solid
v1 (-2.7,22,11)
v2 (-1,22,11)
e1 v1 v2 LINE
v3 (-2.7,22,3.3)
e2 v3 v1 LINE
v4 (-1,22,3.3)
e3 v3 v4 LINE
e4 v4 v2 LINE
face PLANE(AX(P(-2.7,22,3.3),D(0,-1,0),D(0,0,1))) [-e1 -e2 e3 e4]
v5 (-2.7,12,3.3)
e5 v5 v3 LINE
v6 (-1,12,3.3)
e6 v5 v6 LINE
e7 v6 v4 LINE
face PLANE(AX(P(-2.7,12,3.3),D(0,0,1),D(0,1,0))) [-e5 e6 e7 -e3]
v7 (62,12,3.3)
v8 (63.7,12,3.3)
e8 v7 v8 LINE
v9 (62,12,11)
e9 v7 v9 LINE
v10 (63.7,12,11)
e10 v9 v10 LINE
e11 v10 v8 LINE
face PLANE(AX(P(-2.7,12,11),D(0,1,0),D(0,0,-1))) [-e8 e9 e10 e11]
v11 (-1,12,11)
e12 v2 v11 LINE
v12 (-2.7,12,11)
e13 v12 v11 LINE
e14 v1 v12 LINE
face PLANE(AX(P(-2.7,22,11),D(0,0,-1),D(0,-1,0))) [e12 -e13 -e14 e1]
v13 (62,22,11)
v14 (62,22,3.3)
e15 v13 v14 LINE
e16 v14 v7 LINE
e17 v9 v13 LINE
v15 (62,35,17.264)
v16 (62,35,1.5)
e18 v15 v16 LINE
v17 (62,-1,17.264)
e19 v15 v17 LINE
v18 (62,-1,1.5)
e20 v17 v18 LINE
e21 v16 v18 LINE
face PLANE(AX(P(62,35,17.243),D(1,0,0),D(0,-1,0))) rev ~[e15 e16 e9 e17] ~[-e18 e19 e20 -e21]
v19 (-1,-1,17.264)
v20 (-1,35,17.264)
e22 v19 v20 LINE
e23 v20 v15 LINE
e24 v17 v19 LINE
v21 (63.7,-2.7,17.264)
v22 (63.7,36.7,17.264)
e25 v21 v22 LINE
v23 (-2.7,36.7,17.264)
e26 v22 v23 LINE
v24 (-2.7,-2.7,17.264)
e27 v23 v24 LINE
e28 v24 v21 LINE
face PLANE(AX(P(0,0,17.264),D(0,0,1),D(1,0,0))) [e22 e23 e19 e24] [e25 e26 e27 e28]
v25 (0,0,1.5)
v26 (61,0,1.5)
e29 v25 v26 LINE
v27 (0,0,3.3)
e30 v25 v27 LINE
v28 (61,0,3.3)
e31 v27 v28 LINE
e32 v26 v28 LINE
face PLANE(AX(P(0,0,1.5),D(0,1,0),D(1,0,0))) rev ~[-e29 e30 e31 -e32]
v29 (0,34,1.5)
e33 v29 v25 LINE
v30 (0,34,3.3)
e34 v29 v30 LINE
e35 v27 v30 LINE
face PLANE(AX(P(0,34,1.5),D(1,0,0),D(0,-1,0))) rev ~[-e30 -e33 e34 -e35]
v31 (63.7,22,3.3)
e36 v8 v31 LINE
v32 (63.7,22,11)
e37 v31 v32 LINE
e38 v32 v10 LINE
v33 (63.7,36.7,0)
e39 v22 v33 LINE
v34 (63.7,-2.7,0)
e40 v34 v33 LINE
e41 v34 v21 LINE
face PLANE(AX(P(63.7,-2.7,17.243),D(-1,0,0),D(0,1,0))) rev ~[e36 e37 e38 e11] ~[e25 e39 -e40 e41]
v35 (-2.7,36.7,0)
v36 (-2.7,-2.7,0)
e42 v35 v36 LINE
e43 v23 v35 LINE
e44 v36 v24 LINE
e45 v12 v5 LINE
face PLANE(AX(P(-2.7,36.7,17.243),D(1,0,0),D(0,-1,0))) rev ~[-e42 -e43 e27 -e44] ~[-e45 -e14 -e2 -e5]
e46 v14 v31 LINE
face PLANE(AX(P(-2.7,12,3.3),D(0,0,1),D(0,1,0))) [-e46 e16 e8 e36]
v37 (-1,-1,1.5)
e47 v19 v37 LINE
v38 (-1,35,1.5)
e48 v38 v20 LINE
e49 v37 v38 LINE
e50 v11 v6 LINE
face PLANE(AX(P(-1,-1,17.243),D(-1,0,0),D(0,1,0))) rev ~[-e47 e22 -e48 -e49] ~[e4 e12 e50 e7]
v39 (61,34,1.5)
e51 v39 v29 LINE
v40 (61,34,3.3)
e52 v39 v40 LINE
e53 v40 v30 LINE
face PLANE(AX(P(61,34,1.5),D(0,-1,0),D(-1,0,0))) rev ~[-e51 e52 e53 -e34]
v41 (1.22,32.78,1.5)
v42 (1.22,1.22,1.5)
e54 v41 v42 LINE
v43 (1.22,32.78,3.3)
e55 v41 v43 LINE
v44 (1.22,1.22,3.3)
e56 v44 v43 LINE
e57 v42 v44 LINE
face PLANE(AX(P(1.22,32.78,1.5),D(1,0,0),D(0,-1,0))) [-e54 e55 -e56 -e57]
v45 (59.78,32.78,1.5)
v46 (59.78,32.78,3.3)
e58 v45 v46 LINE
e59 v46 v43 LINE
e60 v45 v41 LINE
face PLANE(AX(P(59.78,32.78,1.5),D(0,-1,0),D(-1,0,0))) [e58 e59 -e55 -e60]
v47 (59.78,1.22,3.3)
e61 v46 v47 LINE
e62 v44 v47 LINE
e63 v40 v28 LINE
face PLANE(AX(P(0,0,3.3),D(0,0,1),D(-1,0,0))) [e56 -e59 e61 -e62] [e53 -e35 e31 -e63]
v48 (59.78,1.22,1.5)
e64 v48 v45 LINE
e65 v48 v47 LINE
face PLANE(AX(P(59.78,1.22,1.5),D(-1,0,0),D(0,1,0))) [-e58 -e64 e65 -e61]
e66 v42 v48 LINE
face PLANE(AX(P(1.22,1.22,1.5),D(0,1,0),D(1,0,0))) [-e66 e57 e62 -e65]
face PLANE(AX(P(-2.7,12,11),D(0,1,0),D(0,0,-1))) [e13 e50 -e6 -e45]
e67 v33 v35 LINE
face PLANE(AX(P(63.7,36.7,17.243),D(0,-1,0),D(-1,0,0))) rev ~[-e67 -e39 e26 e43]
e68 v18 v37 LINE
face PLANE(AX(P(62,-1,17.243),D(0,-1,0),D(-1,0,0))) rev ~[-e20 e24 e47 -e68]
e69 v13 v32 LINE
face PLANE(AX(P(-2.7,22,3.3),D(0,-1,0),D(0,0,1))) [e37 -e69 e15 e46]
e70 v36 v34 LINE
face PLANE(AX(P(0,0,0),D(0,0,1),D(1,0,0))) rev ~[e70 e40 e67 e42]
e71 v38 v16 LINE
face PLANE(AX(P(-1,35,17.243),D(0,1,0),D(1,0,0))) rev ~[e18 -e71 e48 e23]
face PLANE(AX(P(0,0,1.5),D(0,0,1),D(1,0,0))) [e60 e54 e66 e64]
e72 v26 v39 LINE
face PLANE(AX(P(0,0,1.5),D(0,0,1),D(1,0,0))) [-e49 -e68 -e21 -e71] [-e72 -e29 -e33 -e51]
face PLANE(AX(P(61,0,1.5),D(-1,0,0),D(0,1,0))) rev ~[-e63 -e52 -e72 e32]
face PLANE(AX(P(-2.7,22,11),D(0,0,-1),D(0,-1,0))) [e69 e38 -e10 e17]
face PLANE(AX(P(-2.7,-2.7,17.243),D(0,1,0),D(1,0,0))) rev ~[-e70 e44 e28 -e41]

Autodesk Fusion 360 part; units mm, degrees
sketch "Spodek" plane through (0, 0, 0) normal (0, 0, 1) x (1, 0, 0)
  line L0 (0, 0) -> (61, 0)
  line L1 (61, 0) -> (61, 34)
  line L2 (61, 34) -> (0, 34)
  line L3 (0, 34) -> (0, 0)
  line L4 (-1, 35) -> (62, 35)
  line L5 (62, 35) -> (62, -1)
  line L6 (62, -1) -> (-1, -1)
  line L7 (-1, -1) -> (-1, 35)
  line L8 (-2.7, -2.7) -> (-2.7, 36.7) construction
  line L9 (63.7, 36.7) -> (-2.7, 36.7) construction
  line L10 (63.7, -2.7) -> (63.7, 36.7) construction
  line L11 (63.7, -2.7) -> (-2.7, -2.7) construction
  line L12 (-2.7, -2.7) -> (63.7, -2.7)
  line L13 (63.7, -2.7) -> (63.7, 36.7)
  line L14 (63.7, 36.7) -> (-2.7, 36.7)
  line L15 (-2.7, 36.7) -> (-2.7, -2.7)
  dimension "d1" = 61
  dimension "d2" = 34
  dimension "d3" = 63
  dimension "d4" = 36
  dimension "d5" = 1.7
  dimension "d6" = 1.7
  dimension "d7" = 1.7
  dimension "d8" = 1.7
sketch "TotoNevim" plane through (0, 0, 0) normal (0, 0, 1) x (1, 0, 0)
extrude "Extrude1" add sketch "Spodek" along normal blind 12 contours L12 L13 L14 L15
extrude "Extrude2" add sketch "Spodek" along normal blind 1.5 contours L0 L1 L2 L3 | L4 L5 L6 L7
sketch "Sketch3" plane through (0, 0, 1.5) normal (0, 0, 1) x (-1, 0, 0)
  line L0 (1, 1) -> (-62, 1)
  line L1 (-62, 1) -> (-62, -35)
  line L2 (-62, -35) -> (1, -35)
  line L3 (1, -35) -> (1, 1)
  line L4 (-59.78, -32.78) -> (-1.22, -32.78)
  line L5 (-1.22, -32.78) -> (-1.22, -1.22)
  line L6 (-1.22, -1.22) -> (-59.78, -1.22)
  line L7 (-59.78, -1.22) -> (-59.78, -32.78)
  line L8 (-61, 0) -> (-61, -34)
  line L9 (0, 0) -> (-61, 0)
  line L10 (0, -34) -> (0, 0)
  line L11 (-61, -34) -> (0, -34)
  dimension "d13" = 1.22
  dimension "d14" = 1.22
  dimension "d15" = 1.22
  dimension "d16" = 1.22
extrude "Extrude3" add sketch "Sketch3" along normal blind 1.8 contours L8 L9 L10 L11
extrude "Extrude4" add 1 faces at (20, -2.1333, 12) along direction (0, 0, 1) blind 5.243
extrude "Extrude5" add 1 faces at (20, -2.1333, 17.243) along direction (0, 0, 1) blind 0.021
sketch "Prurez1" plane through (-2.7, 0, 0) normal (-1, 0, 0) x (0, -1, 0)
  line L0 (-36.7, 0) -> (2.7, 0)
  line L1 (2.7, 0) -> (2.7, 17.264)
  line L2 (2.7, 17.264) -> (-36.7, 17.264)
  line L3 (-36.7, 17.264) -> (-36.7, 0)
  line L4 (-12, 3.3) -> (-12, 11) construction
  line L5 (0, 1.5) -> (0, 3.3) construction
  line L6 (-22, 11) -> (-22, 3.3) construction
  line L7 (-34, 3.3) -> (-34, 11) construction
  line L8 (-35, 1.5) -> (-35, 17.264) construction
  line L9 (-22, 11) -> (-12, 11) construction
  line L10 (-12, 11) -> (-12, 3.3) construction
  line L11 (-12, 3.3) -> (-22, 3.3) construction
  line L12 (-22, 3.3) -> (-22, 11) construction
  line L13 (-22, 11) -> (-12, 11)
  line L14 (-12, 11) -> (-12, 3.3)
  line L15 (-12, 3.3) -> (-22, 3.3)
  line L16 (-22, 3.3) -> (-22, 11)
  dimension "d23" = 7.7
  dimension "d24" = 12
  dimension "d25" = 12
  dimension "d26" = 1
extrude "Extrude6" cut sketch "Prurez1" against normal up to surface (66.4 mm away) contours L13 L14 L15 L16
equation "d19 = 14 mm - 8.757 mm"
equation "d21 = 14 mm - 13.979 mm"
